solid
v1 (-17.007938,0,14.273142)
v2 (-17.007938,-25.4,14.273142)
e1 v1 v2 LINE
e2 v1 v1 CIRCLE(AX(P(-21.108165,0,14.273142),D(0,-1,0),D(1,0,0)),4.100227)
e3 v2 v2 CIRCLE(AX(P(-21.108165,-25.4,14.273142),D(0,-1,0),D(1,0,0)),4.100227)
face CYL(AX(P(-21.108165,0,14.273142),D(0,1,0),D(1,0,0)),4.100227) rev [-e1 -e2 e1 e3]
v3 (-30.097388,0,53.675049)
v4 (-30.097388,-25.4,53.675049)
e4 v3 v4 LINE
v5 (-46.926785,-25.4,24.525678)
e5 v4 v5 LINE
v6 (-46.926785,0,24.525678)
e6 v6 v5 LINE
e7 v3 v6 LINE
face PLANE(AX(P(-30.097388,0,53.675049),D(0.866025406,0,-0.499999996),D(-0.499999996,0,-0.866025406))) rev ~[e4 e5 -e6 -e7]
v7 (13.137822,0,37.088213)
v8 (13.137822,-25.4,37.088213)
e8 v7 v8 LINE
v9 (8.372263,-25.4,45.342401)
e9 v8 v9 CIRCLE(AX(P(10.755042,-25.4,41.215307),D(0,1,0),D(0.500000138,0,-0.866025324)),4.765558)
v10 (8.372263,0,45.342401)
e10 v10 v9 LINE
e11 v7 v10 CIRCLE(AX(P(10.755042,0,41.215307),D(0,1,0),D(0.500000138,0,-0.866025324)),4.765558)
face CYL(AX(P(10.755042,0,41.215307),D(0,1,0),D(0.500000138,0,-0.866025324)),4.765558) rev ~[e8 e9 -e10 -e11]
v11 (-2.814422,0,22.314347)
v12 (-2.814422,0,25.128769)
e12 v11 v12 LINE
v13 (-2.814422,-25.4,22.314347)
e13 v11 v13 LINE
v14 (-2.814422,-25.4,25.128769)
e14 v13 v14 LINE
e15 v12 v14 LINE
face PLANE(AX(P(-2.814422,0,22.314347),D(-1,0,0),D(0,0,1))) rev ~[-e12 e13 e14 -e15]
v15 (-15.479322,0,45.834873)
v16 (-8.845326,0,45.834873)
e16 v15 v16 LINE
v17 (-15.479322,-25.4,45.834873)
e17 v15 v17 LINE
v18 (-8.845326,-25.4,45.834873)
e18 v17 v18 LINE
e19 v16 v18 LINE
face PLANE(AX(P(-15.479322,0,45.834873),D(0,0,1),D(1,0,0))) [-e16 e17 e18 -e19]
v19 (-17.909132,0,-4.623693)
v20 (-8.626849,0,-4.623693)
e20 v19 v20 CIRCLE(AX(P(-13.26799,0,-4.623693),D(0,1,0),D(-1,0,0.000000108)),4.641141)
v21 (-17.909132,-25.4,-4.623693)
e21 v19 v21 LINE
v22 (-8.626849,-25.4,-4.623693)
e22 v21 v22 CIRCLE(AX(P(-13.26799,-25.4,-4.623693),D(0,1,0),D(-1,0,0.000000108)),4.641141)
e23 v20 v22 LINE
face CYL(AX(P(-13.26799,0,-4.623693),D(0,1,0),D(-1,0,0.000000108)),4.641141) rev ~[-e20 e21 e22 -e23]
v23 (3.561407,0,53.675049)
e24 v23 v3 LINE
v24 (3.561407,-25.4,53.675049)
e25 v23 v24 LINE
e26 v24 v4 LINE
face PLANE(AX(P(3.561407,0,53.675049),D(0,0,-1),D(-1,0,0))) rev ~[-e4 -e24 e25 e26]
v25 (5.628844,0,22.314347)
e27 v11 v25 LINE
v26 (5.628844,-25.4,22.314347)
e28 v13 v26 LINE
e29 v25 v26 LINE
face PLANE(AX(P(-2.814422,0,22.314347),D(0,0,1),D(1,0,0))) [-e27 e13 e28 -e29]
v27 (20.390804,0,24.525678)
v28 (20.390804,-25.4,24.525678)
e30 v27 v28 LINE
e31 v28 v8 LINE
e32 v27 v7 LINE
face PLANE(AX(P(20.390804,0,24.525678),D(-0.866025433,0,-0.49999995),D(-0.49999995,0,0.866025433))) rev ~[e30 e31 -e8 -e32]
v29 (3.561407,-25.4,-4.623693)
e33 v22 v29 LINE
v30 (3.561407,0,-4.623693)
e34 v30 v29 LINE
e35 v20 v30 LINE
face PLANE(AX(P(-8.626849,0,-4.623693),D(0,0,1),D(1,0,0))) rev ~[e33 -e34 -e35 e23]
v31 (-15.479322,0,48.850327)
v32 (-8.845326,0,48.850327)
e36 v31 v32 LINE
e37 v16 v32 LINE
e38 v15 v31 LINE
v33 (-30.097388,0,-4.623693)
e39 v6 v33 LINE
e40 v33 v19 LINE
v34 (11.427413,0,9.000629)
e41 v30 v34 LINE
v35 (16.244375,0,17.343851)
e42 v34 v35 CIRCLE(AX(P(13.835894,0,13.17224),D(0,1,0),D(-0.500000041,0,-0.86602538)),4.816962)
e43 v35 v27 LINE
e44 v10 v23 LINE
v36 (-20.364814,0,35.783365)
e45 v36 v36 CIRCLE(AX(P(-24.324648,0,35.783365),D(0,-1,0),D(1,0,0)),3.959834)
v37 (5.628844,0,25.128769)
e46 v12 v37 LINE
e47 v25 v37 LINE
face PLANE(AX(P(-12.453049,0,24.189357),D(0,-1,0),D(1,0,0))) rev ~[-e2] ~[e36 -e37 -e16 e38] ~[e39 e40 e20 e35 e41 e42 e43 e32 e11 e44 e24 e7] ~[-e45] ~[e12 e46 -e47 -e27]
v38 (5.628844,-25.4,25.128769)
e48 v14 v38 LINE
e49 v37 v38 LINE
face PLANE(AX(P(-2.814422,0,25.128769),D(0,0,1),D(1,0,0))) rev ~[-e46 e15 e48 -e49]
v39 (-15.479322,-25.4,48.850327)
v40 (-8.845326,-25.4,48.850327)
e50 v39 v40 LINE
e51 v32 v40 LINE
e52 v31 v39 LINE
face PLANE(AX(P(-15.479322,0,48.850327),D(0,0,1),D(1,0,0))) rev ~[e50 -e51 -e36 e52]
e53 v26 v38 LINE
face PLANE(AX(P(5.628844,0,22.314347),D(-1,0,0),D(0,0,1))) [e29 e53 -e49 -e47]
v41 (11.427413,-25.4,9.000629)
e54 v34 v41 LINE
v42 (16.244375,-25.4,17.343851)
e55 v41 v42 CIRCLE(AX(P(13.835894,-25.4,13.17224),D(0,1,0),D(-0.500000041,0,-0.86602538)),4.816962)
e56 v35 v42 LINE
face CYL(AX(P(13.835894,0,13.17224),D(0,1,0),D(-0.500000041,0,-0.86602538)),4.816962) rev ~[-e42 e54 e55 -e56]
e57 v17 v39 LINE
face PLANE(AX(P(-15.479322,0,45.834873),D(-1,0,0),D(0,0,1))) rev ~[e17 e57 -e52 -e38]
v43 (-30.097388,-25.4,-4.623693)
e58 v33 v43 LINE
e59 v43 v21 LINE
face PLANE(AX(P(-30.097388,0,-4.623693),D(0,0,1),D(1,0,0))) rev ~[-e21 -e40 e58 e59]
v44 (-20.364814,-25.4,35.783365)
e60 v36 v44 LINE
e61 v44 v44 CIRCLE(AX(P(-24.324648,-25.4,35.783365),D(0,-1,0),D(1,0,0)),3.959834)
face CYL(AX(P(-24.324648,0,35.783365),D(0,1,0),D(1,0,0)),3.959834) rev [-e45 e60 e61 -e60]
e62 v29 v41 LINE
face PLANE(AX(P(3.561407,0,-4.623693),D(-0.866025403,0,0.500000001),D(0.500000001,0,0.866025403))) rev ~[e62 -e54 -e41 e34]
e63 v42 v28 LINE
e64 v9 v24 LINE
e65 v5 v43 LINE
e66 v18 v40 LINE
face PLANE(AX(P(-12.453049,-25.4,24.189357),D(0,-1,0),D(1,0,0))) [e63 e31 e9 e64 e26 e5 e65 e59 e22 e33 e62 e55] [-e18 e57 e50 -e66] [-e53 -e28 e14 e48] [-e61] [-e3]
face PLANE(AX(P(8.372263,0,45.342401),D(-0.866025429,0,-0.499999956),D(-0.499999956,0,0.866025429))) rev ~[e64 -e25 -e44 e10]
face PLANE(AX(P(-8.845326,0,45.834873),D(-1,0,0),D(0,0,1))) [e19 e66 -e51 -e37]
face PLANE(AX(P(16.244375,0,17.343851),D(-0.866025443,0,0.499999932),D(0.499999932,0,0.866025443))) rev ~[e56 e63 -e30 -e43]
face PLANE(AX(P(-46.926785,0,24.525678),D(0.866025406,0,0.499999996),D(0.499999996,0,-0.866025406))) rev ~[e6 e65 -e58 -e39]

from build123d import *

# Parameters (mm, degrees)
F0_R     = 4.100227
F0_R_2   = 3.959834
F0_W     = 8.443266
F0_H     = 2.814422
F0_W_2   = 6.633996
F0_H_2   = 3.015455
F1_DEPTH = 25.4


with BuildPart() as f1:
    # F0 (on Front) → F1 (new body)
    with BuildSketch(Plane.XZ):
        with BuildLine():
            Line((-8.626849, -4.623693), (3.561407, -4.623693))
            Line((3.561407, -4.623693), (11.427413, 9.000629))
            ThreePointArc((11.427413, 9.000629), (9.664283, 15.580721), (16.244375, 17.343851))
            Line((16.244375, 17.343851), (20.390804, 24.525678))
            Line((20.390804, 24.525678), (13.137822, 37.088213))
            ThreePointArc((13.137822, 37.088213), (6.627948, 38.832528), (8.372263, 45.342401))
            Line((8.372263, 45.342401), (3.561407, 53.675049))
            Line((3.561407, 53.675049), (-30.097388, 53.675049))
            Line((-30.097388, 53.675049), (-46.926785, 24.525678))
            Line((-46.926785, 24.525678), (-30.097388, -4.623693))
            Line((-30.097388, -4.623693), (-17.909132, -4.623693))
            ThreePointArc((-17.909132, -4.623693), (-13.26799, 0.017448), (-8.626849, -4.623693))
        make_face()
        with Locations((-21.108165, 14.273142)):
            Circle(F0_R, mode=Mode.SUBTRACT)
        with Locations((-24.324648, 35.783365)):
            Circle(F0_R_2, mode=Mode.SUBTRACT)
        with Locations((1.407211, 23.721558)):
            Rectangle(F0_W, F0_H, mode=Mode.SUBTRACT)
        with Locations((-12.162324, 47.3426)):
            Rectangle(F0_W_2, F0_H_2, mode=Mode.SUBTRACT)
    extrude(amount=F1_DEPTH)


solid = f1.part
